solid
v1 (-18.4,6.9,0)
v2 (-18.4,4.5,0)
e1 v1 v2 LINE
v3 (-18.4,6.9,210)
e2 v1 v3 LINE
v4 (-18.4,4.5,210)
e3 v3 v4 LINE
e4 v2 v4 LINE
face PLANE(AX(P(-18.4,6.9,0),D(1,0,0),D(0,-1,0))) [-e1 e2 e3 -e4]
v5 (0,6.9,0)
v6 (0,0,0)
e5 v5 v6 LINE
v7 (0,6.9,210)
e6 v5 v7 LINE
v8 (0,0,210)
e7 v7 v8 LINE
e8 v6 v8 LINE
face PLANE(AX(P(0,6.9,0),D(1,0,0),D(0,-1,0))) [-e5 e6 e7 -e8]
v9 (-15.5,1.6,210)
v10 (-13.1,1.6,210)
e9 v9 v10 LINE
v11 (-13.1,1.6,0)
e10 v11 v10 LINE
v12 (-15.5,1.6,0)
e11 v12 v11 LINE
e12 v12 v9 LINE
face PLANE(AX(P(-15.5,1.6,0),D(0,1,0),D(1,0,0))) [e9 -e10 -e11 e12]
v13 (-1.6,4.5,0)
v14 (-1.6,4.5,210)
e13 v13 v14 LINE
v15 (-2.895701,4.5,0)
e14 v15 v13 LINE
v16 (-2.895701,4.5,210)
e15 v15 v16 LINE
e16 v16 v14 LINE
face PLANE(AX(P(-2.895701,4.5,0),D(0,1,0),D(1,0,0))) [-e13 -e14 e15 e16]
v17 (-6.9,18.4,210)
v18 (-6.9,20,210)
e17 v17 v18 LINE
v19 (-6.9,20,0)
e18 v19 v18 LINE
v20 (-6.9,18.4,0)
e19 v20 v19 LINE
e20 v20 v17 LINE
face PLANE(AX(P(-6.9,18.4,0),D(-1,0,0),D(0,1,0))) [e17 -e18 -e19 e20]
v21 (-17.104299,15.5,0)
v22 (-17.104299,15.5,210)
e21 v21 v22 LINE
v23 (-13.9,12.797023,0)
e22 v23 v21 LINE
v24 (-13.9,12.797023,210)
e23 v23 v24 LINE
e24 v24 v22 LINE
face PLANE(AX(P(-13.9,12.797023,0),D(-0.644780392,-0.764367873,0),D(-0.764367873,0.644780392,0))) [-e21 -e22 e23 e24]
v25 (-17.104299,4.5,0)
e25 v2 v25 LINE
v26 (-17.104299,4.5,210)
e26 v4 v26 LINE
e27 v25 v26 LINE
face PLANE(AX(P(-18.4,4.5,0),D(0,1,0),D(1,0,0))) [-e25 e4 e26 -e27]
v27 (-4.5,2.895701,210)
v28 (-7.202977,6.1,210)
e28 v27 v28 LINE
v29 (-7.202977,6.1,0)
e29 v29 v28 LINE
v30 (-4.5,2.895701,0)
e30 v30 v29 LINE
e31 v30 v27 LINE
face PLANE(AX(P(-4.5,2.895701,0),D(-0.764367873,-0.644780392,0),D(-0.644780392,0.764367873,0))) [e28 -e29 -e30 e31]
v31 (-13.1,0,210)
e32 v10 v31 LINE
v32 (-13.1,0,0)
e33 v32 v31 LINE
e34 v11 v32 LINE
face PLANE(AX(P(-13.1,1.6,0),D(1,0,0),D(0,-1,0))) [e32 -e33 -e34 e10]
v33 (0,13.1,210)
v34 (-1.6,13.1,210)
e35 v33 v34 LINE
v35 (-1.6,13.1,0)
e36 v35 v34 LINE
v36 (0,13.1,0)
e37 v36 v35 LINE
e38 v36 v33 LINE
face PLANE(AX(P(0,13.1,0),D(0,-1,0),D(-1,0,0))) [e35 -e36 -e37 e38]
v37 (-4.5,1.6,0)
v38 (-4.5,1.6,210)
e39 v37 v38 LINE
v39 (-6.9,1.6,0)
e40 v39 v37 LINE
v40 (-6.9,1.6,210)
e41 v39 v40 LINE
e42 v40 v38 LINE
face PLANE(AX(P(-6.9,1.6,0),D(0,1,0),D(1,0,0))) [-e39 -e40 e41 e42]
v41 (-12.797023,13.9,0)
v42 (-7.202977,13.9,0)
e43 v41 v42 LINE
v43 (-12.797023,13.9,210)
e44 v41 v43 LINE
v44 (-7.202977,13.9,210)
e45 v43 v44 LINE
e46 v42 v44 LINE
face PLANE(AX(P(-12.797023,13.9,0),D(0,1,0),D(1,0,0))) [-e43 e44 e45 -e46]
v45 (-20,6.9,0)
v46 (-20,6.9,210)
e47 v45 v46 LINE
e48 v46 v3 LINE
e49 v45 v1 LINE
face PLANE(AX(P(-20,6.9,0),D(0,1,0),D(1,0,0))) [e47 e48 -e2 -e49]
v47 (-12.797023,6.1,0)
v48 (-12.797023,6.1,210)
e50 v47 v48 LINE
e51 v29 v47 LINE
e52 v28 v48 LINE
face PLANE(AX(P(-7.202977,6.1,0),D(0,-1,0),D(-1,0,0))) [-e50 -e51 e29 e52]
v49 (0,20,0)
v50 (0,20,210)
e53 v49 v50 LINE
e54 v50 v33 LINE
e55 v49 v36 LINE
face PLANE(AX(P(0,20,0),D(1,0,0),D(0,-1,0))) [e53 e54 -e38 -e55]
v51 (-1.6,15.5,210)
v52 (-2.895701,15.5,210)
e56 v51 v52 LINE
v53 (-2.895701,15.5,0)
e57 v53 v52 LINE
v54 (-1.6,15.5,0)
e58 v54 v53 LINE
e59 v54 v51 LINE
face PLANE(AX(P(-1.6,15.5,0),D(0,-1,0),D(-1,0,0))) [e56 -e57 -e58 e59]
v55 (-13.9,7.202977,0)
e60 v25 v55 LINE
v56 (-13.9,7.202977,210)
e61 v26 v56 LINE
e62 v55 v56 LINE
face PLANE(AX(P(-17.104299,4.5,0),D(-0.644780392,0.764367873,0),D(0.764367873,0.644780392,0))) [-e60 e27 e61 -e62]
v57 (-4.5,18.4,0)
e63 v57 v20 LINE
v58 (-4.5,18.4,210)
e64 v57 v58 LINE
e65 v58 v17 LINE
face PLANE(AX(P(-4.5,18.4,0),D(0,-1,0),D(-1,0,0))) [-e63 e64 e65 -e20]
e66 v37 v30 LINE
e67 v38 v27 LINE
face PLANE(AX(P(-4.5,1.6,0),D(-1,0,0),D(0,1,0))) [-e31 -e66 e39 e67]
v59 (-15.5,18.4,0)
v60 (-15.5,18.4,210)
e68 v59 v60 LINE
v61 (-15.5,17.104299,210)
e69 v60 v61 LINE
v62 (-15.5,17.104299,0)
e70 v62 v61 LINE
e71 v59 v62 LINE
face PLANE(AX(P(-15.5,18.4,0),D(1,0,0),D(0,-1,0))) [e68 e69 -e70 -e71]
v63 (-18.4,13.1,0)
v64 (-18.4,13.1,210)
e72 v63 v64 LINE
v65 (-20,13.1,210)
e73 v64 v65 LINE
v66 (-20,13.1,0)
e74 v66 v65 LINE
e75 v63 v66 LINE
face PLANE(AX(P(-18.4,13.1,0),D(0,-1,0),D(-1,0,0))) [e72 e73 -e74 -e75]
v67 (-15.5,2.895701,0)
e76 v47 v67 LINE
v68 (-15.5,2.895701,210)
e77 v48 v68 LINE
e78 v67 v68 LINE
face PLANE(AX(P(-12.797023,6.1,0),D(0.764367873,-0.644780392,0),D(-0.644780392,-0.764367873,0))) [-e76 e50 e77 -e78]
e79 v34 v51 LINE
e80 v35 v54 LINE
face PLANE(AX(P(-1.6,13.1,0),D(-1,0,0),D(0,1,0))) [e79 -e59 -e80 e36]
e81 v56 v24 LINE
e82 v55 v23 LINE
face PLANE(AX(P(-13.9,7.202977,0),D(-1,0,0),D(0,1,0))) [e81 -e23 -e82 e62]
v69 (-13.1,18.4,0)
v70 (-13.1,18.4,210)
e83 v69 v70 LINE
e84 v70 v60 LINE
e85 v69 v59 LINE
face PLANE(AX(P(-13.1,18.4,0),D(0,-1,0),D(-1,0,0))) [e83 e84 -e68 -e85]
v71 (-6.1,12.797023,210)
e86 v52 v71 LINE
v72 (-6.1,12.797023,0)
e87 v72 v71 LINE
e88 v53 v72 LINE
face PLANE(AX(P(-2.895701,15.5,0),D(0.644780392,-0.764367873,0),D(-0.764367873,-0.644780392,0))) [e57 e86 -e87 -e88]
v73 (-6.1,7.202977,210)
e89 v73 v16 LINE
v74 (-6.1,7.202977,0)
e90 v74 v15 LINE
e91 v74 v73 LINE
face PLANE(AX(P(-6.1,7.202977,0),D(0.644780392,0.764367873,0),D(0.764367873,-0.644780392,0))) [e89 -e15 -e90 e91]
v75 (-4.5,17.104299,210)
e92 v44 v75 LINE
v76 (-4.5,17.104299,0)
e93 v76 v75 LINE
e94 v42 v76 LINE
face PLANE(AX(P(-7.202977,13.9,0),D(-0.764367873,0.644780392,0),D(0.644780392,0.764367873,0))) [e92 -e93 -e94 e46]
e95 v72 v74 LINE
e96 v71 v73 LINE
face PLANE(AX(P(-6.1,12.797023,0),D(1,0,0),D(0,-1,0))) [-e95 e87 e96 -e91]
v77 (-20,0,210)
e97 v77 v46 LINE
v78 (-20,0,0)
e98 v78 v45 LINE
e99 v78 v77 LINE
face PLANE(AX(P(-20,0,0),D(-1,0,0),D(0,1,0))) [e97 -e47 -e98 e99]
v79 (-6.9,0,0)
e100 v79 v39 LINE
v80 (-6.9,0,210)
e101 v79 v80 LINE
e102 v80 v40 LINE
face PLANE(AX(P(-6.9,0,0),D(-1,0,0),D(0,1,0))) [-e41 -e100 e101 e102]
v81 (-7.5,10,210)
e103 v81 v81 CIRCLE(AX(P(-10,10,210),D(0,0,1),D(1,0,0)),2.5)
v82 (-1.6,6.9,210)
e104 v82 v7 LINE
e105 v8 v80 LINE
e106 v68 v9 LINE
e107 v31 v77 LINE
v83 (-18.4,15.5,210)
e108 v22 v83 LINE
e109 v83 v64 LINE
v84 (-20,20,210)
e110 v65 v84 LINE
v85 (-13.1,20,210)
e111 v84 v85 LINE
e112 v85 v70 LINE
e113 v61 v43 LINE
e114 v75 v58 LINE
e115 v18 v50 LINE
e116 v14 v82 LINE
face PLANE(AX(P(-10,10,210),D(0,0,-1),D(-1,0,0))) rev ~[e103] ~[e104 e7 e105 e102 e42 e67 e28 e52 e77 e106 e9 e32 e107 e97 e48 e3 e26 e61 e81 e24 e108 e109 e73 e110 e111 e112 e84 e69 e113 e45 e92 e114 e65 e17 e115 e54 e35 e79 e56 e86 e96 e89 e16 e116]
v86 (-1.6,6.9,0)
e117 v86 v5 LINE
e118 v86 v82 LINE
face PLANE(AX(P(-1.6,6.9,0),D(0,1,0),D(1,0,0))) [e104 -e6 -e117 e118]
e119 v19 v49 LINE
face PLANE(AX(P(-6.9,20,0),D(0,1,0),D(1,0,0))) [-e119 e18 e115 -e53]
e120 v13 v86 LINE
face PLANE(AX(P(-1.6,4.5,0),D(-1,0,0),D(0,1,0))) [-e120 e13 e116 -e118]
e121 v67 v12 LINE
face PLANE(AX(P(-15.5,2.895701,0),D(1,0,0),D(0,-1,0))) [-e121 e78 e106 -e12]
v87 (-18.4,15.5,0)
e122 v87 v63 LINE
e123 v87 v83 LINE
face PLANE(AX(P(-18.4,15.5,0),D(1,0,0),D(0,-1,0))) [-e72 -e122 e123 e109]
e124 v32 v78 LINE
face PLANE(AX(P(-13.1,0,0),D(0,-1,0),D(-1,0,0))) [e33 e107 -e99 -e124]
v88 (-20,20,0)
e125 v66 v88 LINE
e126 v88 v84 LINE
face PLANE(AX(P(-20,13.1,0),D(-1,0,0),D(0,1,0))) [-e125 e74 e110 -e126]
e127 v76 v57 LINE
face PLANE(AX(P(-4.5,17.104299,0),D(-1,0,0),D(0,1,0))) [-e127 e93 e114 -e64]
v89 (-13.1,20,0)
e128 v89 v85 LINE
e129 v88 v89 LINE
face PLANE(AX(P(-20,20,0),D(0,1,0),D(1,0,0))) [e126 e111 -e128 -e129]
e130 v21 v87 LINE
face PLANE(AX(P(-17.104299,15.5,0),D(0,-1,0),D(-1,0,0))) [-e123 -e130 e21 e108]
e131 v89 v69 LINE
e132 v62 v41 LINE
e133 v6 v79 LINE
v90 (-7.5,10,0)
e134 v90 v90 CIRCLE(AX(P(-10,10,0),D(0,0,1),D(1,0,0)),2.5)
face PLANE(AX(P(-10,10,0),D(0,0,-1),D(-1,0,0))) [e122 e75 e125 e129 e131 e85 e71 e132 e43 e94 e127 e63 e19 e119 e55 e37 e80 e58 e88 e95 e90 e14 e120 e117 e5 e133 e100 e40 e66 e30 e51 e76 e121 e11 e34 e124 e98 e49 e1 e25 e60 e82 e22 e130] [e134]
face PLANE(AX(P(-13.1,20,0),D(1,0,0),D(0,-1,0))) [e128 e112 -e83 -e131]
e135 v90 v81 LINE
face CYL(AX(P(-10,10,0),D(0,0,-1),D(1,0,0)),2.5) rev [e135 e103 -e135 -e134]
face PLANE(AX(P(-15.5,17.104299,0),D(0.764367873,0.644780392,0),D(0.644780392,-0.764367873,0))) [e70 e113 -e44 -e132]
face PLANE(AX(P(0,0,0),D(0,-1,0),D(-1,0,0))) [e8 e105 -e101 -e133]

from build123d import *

# Parameters (mm, degrees)
SKETCH_1_R      = 2.5
EXTRUDE_1_DEPTH = 210


with BuildPart() as part:
    # 草图1 → 凸台-拉伸1 (new body)
    with BuildSketch(Plane.XY):
        Polygon((-20, 20), (-13.1, 20), (-13.1, 18.4), (-15.5, 18.4), (-15.5, 17.104298633), (-12.797022805, 13.9), (-7.202977195, 13.9), (-4.5, 17.104298633), (-4.5, 18.4), (-6.9, 18.4), (-6.9, 20), (0, 20), (0, 13.1), (-1.6, 13.1), (-1.6, 15.5), (-2.895701367, 15.5), (-6.1, 12.797022805), (-6.1, 7.202977195), (-2.895701367, 4.5), (-1.6, 4.5), (-1.6, 6.9), (0, 6.9), (0, 0), (-6.9, 0), (-6.9, 1.6), (-4.5, 1.6), (-4.5, 2.895701367), (-7.202977195, 6.1), (-12.797022805, 6.1), (-15.5, 2.895701367), (-15.5, 1.6), (-13.1, 1.6), (-13.1, 0), (-20, 0), (-20, 6.9), (-18.4, 6.9), (-18.4, 4.5), (-17.104298633, 4.5), (-13.9, 7.202977195), (-13.9, 12.797022805), (-17.104298633, 15.5), (-18.4, 15.5), (-18.4, 13.1), (-20, 13.1), align=None)
        with Locations((-10, 10)):
            Circle(SKETCH_1_R, mode=Mode.SUBTRACT)
    extrude(amount=EXTRUDE_1_DEPTH)


solid = part.part
